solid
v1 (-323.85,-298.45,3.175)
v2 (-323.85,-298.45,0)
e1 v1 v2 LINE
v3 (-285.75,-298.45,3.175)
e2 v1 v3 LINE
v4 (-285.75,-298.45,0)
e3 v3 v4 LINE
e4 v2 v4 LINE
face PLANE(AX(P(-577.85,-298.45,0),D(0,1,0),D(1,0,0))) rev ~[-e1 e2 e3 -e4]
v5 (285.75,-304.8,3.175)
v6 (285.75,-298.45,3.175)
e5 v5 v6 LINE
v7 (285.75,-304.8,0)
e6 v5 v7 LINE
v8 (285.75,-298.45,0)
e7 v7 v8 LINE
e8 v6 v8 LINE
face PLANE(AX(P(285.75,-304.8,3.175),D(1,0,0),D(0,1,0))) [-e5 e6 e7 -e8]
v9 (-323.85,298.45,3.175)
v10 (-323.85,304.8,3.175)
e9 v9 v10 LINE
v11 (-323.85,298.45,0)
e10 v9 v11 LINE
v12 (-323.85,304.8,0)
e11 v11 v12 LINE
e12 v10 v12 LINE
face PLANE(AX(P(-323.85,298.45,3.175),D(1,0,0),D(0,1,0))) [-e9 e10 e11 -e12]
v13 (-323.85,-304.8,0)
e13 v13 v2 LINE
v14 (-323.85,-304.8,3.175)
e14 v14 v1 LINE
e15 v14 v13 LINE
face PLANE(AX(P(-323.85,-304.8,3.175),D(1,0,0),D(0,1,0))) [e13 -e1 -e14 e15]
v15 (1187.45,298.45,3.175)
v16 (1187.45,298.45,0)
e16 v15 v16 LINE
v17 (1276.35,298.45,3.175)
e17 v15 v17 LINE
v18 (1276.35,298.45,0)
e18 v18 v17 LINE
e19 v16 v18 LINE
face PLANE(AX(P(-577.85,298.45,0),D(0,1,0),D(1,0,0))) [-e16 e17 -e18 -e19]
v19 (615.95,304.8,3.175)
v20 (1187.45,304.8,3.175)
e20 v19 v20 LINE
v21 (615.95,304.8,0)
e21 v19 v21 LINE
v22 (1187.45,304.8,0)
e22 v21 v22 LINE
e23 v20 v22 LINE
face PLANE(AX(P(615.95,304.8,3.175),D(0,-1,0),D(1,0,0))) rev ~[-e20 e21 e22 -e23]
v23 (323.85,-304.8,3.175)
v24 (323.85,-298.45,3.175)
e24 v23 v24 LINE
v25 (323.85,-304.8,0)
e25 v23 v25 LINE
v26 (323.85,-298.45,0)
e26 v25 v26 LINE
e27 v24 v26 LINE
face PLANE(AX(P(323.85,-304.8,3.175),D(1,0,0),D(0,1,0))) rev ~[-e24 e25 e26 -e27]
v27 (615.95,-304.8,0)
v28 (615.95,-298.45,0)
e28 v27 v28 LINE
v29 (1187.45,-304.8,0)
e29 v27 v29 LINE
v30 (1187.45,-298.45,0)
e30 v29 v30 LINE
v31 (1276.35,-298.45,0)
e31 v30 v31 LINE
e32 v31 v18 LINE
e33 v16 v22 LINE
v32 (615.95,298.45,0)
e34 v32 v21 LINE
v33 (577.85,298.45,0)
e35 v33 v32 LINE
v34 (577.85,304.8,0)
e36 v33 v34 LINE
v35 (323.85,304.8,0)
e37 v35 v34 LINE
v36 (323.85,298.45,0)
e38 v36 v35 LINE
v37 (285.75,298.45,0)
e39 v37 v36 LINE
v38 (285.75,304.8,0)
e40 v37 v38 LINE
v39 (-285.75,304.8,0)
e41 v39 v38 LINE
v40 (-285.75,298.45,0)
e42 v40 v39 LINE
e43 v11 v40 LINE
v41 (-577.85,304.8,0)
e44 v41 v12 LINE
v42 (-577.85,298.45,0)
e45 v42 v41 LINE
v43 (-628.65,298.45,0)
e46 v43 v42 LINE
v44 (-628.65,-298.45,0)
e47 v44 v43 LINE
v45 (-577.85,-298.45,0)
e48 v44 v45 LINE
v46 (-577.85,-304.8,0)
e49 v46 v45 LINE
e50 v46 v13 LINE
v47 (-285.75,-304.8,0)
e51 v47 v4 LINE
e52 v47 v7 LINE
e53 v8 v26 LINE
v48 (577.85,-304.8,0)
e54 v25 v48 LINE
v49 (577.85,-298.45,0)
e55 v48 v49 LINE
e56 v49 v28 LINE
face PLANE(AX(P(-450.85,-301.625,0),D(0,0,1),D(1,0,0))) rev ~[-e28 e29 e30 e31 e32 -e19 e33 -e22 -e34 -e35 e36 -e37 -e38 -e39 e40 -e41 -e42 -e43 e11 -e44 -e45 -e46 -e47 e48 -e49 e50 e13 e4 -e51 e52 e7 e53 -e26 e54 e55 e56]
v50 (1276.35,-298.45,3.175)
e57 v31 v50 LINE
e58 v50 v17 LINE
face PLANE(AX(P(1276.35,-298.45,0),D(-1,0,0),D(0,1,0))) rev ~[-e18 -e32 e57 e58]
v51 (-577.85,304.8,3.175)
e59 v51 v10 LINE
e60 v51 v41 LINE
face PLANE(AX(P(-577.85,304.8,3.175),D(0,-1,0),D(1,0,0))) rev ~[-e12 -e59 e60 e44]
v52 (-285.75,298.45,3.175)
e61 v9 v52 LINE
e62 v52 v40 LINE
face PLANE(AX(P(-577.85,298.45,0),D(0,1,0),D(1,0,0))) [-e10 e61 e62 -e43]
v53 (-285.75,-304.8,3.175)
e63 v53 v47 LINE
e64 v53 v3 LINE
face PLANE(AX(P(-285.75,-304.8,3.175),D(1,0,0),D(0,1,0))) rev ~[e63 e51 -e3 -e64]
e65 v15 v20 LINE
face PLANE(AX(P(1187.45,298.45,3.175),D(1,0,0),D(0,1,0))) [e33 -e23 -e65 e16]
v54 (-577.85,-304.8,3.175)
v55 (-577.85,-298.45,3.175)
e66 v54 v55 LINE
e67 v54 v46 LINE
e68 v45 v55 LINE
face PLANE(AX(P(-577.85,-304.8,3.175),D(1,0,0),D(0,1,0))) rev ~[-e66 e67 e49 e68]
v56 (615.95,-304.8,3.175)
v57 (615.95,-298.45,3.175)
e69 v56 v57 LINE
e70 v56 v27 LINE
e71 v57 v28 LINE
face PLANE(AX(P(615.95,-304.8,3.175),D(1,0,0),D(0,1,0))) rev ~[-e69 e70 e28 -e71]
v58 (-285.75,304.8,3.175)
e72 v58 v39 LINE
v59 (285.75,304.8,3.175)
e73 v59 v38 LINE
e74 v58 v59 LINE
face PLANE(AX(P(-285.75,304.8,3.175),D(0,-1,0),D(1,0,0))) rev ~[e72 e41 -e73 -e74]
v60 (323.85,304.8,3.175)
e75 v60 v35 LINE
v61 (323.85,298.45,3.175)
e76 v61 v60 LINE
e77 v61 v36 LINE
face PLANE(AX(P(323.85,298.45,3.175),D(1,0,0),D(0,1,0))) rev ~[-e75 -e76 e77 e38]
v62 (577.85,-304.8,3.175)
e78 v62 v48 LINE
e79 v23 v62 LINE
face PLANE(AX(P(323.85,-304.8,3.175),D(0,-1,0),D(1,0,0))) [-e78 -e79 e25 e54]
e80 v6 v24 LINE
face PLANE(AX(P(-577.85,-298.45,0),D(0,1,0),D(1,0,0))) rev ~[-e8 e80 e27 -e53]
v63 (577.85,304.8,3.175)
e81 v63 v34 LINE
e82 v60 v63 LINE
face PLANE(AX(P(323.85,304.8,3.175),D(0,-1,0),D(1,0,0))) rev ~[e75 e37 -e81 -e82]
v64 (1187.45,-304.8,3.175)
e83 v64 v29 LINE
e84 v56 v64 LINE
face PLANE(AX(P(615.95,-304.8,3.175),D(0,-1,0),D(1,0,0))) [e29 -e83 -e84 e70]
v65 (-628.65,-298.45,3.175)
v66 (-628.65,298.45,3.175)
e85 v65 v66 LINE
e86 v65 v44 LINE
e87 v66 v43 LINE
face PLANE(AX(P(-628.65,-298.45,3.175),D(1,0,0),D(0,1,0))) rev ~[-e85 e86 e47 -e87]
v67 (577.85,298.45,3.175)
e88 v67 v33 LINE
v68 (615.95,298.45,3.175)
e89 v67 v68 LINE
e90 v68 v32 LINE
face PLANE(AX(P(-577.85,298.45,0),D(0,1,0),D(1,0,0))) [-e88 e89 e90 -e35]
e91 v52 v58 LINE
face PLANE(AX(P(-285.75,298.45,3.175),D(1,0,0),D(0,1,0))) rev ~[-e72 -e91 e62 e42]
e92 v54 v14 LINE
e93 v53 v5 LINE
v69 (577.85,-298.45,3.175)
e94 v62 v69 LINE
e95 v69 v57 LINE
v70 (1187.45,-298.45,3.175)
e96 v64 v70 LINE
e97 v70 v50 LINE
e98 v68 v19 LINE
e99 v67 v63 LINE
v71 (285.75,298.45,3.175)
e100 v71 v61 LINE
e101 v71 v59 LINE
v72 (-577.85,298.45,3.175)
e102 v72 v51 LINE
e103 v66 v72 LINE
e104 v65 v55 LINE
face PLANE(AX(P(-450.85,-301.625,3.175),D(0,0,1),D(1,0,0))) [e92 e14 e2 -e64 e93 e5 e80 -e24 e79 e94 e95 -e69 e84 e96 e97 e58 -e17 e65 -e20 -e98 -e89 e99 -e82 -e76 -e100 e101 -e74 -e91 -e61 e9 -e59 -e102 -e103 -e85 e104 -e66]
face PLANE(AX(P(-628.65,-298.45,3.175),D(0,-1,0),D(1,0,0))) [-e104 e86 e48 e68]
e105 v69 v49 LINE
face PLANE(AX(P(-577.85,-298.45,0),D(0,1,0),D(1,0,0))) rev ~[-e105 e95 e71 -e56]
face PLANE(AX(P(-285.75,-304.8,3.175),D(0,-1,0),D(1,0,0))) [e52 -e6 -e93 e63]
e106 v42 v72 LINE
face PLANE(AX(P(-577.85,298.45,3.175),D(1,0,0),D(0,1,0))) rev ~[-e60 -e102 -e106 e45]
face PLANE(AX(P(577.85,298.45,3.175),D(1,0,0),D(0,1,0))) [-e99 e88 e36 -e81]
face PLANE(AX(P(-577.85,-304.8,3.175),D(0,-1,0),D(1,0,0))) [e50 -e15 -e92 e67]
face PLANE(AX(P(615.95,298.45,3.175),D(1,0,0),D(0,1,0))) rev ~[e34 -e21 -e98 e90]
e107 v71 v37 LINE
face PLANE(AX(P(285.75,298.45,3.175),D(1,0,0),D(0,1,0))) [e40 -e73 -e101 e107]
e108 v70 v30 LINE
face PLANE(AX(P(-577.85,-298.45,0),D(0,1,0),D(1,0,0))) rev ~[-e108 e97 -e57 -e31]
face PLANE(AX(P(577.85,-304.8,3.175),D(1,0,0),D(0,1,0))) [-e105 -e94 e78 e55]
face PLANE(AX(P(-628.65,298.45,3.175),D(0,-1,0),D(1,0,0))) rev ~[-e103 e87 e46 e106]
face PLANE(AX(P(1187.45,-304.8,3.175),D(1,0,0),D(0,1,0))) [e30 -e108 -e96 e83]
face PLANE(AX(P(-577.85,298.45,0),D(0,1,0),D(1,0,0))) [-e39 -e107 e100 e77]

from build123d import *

# Parameters (mm, degrees)
F0_W     = 1854.2
F0_H     = 596.9
F1_DEPTH = 3.175
F2_W     = 571.5
F2_H     = 6.35
F2_W_2   = 254
F2_W_3   = 50.8
F2_H_2   = 596.9
F3_DEPTH = 3.175


with BuildPart() as f1:
    # F0 (on Top) → F1 (new body)
    with BuildSketch(Plane.XY):
        with Locations((349.25, 0)):
            Rectangle(F0_W, F0_H)
    extrude(amount=F1_DEPTH)

    # F2 (on face) → F3 (join)
    with BuildSketch(Plane.XY.offset(3.175)):
        with Locations((901.7, 301.625)):
            Rectangle(F2_W, F2_H)
        with Locations((450.85, 301.625)):
            Rectangle(F2_W_2, F2_H)
        with Locations((0, 301.625)):
            Rectangle(F2_W, F2_H)
        with Locations((-450.85, -301.625)):
            Rectangle(F2_W_2, F2_H)
        with Locations((-603.25, 0)):
            Rectangle(F2_W_3, F2_H_2)
        with Locations((-450.85, 301.625)):
            Rectangle(F2_W_2, F2_H)
        with Locations((0, -301.625)):
            Rectangle(F2_W, F2_H)
        with Locations((450.85, -301.625)):
            Rectangle(F2_W_2, F2_H)
        with Locations((901.7, -301.625)):
            Rectangle(F2_W, F2_H)
    extrude(amount=-F3_DEPTH)


solid = f1.part
